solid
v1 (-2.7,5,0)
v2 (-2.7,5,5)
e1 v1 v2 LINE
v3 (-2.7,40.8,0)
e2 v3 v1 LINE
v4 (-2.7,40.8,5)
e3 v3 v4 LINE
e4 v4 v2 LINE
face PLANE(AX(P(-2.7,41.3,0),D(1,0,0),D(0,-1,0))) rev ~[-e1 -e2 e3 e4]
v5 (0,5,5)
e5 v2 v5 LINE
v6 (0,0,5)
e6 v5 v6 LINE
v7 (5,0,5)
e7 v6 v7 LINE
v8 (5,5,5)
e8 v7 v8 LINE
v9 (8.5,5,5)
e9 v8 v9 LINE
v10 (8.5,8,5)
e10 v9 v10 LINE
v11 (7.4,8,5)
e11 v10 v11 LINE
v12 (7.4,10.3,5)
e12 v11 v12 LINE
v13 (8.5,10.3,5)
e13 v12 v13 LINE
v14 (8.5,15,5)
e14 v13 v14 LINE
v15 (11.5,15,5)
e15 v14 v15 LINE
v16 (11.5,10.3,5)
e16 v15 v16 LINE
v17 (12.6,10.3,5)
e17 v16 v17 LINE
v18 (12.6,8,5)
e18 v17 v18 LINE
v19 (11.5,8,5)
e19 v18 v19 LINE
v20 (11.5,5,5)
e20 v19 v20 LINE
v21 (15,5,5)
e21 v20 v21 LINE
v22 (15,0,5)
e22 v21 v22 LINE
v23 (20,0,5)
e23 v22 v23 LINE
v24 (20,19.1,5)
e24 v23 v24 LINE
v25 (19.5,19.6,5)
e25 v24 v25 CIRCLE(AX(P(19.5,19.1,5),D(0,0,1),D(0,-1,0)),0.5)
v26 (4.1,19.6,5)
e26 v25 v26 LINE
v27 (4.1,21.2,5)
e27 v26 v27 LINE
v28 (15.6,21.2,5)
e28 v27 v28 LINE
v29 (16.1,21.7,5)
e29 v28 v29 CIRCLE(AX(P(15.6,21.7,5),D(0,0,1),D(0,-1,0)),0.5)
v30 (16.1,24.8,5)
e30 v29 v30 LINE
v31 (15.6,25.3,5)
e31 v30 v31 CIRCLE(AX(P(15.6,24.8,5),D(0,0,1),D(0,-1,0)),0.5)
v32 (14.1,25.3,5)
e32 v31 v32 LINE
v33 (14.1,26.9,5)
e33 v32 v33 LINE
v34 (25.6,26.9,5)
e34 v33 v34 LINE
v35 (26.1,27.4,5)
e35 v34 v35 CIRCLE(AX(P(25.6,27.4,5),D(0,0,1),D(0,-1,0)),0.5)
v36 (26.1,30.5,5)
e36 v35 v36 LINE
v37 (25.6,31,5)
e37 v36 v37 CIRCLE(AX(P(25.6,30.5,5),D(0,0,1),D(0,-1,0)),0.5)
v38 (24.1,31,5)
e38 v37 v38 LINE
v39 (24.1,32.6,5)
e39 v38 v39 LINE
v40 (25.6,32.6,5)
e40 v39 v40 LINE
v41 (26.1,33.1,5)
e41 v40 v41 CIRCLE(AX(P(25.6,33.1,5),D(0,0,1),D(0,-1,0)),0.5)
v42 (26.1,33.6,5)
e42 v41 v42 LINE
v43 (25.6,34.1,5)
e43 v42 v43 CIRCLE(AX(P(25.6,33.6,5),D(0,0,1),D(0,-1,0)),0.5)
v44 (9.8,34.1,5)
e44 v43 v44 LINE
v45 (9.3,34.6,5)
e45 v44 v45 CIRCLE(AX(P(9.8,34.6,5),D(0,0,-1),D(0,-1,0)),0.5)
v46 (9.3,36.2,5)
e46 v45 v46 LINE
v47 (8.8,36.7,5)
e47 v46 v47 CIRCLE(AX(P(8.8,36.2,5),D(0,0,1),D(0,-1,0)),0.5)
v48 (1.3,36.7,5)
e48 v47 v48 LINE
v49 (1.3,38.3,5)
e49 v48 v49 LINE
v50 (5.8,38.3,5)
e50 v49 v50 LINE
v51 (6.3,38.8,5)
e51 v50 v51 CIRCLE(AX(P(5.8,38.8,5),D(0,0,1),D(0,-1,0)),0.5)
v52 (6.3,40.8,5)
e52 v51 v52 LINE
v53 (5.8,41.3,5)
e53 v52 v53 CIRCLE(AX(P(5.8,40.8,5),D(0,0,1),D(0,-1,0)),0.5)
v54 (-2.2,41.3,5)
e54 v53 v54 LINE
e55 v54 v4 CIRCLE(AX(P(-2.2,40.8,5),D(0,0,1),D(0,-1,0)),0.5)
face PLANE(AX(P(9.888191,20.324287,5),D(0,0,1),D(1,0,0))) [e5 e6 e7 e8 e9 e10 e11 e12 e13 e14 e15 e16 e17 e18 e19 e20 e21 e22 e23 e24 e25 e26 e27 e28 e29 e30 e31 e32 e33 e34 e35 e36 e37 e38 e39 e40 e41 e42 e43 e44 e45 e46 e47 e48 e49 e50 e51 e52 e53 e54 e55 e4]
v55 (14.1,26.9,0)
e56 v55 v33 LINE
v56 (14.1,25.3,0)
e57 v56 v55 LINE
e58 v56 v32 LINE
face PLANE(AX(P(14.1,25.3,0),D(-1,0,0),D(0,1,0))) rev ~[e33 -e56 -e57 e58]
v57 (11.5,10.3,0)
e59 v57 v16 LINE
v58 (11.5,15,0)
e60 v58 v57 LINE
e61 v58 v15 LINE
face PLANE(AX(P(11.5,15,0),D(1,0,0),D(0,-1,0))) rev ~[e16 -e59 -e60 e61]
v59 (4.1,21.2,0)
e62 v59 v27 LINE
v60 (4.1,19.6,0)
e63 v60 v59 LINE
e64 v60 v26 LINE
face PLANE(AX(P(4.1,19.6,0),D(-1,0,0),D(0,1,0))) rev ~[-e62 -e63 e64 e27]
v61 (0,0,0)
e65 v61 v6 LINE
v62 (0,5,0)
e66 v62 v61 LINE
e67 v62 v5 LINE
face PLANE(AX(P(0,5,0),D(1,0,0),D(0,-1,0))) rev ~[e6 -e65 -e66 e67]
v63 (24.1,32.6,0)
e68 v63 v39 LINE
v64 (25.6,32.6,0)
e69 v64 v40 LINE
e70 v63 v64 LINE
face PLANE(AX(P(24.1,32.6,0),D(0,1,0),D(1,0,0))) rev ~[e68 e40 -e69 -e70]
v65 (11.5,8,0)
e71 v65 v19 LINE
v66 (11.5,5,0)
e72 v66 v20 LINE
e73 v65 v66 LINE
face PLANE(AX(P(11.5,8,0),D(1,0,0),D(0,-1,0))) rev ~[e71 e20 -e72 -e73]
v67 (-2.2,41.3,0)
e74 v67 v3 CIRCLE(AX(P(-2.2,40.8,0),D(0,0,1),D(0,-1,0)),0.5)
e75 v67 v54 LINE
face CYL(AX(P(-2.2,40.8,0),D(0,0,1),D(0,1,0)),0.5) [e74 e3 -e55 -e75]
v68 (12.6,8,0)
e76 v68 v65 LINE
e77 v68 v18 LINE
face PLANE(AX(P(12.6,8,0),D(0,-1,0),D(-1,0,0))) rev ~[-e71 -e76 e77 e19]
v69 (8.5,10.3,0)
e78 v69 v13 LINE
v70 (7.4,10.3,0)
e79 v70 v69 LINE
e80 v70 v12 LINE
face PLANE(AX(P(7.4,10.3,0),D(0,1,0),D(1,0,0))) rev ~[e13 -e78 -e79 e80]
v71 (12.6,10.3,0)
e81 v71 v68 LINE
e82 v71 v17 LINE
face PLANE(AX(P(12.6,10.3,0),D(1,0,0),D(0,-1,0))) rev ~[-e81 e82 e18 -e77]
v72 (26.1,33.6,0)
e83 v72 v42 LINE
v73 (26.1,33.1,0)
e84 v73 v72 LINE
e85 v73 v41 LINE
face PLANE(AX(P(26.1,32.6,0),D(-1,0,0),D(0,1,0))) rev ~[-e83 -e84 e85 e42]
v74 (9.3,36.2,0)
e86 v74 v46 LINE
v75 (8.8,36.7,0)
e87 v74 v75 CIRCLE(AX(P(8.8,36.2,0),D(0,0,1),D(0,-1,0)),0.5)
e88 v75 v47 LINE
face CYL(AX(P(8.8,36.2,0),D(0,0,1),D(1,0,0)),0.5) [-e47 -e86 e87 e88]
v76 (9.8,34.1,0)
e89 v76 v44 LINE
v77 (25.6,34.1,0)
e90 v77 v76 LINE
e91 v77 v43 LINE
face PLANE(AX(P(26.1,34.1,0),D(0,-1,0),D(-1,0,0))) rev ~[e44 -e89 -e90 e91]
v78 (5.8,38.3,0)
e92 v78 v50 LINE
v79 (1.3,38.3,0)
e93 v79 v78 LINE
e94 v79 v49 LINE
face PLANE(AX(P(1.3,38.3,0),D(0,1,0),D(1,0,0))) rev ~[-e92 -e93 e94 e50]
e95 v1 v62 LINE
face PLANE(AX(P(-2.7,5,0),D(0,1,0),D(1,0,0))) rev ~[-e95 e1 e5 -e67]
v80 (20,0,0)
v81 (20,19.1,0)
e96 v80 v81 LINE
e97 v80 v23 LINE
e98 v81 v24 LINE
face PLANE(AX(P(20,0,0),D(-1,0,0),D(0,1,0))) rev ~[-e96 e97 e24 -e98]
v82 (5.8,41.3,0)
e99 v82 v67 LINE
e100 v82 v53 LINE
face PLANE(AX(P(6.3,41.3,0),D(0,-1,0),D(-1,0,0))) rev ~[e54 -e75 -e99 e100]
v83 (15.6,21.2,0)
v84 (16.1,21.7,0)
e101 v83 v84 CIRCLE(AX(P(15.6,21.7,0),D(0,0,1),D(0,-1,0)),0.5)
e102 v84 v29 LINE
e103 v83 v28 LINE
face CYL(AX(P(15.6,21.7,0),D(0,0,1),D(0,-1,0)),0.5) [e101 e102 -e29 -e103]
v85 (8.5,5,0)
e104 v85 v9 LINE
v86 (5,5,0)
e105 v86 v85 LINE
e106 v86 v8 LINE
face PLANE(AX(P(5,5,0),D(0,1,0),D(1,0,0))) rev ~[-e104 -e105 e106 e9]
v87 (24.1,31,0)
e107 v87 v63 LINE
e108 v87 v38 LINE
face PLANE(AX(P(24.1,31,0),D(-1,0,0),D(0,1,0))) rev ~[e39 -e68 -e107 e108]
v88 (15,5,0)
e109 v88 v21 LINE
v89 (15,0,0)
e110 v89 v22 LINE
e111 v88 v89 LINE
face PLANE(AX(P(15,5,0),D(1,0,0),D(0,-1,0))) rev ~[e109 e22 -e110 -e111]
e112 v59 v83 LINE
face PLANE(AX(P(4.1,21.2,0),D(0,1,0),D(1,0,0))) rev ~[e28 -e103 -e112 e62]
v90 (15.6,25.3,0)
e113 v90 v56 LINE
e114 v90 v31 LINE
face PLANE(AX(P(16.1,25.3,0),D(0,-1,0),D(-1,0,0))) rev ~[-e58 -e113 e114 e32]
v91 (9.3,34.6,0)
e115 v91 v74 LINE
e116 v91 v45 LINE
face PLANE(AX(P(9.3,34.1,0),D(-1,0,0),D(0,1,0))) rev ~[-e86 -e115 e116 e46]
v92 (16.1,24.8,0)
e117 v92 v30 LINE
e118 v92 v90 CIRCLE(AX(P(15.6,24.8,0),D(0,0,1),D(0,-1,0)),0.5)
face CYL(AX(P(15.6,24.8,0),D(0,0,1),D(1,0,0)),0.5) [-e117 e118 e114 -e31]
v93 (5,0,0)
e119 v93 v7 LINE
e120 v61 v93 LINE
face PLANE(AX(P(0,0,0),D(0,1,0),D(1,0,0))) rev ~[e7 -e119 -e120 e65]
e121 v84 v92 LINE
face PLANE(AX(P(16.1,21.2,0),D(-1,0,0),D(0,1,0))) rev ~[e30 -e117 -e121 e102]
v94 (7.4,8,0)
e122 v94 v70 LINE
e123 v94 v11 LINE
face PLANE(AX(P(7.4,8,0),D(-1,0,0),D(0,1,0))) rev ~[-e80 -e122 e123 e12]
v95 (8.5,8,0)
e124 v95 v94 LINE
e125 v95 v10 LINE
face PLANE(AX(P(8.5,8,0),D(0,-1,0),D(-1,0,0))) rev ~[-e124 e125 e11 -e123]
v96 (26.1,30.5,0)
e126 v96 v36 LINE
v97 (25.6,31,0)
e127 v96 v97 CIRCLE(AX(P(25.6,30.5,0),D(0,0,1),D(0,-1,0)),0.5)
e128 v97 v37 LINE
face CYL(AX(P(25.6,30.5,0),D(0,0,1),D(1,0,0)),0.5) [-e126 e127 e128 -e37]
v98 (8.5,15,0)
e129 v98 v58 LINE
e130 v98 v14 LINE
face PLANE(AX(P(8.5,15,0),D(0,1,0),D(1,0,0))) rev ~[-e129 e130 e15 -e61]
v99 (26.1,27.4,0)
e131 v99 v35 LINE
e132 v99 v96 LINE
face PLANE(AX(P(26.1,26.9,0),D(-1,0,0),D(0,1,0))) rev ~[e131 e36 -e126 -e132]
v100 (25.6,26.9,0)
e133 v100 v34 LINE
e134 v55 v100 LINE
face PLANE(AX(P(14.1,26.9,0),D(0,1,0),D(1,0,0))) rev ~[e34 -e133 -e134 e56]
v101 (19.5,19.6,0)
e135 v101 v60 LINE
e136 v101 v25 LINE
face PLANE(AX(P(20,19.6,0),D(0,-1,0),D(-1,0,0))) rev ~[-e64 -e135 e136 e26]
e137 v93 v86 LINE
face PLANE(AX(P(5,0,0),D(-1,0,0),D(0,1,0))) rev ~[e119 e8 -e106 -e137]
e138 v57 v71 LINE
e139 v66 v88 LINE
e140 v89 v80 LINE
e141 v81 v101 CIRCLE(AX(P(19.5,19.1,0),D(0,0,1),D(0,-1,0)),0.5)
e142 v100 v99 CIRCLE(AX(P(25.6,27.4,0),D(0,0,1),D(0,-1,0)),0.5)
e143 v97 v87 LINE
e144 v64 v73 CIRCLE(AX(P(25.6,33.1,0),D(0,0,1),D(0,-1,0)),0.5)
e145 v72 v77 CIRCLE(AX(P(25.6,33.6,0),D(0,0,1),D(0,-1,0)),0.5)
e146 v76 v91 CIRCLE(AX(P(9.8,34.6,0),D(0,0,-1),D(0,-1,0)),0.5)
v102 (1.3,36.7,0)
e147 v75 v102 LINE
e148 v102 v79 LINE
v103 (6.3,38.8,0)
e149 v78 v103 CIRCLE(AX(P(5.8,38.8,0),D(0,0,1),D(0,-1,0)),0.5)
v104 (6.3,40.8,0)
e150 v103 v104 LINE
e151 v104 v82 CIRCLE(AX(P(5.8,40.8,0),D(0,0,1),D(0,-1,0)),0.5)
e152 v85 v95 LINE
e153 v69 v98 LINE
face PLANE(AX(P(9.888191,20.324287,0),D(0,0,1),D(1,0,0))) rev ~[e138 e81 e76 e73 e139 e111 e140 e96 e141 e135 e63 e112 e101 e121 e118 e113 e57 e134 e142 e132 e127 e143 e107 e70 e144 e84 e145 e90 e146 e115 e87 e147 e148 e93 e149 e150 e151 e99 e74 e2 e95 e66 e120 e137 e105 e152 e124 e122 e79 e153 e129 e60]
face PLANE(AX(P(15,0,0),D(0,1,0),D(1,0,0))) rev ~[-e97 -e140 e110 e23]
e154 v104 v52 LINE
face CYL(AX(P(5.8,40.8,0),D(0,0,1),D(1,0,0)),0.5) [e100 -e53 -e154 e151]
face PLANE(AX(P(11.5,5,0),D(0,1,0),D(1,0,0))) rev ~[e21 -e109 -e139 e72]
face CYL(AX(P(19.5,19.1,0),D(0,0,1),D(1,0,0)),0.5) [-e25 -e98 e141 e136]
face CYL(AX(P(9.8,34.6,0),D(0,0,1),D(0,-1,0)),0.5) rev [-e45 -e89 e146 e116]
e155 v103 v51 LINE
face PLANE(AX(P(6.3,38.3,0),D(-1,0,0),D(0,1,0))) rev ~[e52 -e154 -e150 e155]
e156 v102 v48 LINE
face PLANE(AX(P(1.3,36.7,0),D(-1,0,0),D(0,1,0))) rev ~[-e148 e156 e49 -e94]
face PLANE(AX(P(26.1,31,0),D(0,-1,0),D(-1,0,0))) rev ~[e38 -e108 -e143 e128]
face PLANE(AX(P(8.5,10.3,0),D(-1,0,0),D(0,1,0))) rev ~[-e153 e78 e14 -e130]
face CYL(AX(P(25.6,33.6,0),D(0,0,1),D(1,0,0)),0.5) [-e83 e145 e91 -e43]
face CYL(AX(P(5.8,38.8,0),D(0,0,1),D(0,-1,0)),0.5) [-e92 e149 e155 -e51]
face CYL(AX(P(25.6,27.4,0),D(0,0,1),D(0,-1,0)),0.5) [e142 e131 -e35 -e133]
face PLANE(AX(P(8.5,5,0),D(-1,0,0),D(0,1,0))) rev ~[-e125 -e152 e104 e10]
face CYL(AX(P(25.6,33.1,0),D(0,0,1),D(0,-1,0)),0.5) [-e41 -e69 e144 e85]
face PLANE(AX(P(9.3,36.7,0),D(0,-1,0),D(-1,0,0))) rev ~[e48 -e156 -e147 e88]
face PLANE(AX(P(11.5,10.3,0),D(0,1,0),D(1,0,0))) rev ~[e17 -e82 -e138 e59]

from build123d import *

# Parameters (mm, degrees)
BOSS_EXTRUDE1_DEPTH = 5
FILLET3_R           = 0.5


with BuildPart() as part:
    # Sketch1 → Boss-Extrude1 (new body)
    with BuildSketch(Plane.XY):
        Polygon((4.1, 19.6), (4.1, 21.2), (16.1, 21.2), (16.1, 25.3), (14.1, 25.3), (14.1, 26.9), (26.1, 26.9), (26.1, 31), (24.1, 31), (24.1, 32.6), (26.1, 32.6), (26.1, 34.1), (9.3, 34.1), (9.3, 36.7), (1.3, 36.7), (1.3, 38.3), (6.3, 38.3), (6.3, 41.3), (-2.7, 41.3), (-2.7, 5), (0, 5), (0, 0), (5, 0), (5, 5), (8.5, 5), (8.5, 8), (7.4, 8), (7.4, 10.3), (8.5, 10.3), (8.5, 15), (11.5, 15), (11.5, 10.3), (12.6, 10.3), (12.6, 8), (11.5, 8), (11.5, 5), (15, 5), (15, 0), (20, 0), (20, 5), (20, 19.6), align=None)
    extrude(amount=BOSS_EXTRUDE1_DEPTH)

    # Fillet3
    fillet3_edges = [part.edges().sort_by_distance(p)[0] for p in [
        (-2.7, 41.3, 2.5),
        (6.3, 41.3, 2.5),
        (6.3, 38.3, 2.5),
        (9.3, 36.7, 2.5),
        (9.3, 34.1, 2.5),
        (26.1, 34.1, 2.5),
        (26.1, 32.6, 2.5),
        (26.1, 31, 2.5),
        (26.1, 26.9, 2.5),
        (16.1, 25.3, 2.5),
        (16.1, 21.2, 2.5),
        (20, 19.6, 2.5),
    ]]
    fillet(fillet3_edges, radius=FILLET3_R)


solid = part.part
